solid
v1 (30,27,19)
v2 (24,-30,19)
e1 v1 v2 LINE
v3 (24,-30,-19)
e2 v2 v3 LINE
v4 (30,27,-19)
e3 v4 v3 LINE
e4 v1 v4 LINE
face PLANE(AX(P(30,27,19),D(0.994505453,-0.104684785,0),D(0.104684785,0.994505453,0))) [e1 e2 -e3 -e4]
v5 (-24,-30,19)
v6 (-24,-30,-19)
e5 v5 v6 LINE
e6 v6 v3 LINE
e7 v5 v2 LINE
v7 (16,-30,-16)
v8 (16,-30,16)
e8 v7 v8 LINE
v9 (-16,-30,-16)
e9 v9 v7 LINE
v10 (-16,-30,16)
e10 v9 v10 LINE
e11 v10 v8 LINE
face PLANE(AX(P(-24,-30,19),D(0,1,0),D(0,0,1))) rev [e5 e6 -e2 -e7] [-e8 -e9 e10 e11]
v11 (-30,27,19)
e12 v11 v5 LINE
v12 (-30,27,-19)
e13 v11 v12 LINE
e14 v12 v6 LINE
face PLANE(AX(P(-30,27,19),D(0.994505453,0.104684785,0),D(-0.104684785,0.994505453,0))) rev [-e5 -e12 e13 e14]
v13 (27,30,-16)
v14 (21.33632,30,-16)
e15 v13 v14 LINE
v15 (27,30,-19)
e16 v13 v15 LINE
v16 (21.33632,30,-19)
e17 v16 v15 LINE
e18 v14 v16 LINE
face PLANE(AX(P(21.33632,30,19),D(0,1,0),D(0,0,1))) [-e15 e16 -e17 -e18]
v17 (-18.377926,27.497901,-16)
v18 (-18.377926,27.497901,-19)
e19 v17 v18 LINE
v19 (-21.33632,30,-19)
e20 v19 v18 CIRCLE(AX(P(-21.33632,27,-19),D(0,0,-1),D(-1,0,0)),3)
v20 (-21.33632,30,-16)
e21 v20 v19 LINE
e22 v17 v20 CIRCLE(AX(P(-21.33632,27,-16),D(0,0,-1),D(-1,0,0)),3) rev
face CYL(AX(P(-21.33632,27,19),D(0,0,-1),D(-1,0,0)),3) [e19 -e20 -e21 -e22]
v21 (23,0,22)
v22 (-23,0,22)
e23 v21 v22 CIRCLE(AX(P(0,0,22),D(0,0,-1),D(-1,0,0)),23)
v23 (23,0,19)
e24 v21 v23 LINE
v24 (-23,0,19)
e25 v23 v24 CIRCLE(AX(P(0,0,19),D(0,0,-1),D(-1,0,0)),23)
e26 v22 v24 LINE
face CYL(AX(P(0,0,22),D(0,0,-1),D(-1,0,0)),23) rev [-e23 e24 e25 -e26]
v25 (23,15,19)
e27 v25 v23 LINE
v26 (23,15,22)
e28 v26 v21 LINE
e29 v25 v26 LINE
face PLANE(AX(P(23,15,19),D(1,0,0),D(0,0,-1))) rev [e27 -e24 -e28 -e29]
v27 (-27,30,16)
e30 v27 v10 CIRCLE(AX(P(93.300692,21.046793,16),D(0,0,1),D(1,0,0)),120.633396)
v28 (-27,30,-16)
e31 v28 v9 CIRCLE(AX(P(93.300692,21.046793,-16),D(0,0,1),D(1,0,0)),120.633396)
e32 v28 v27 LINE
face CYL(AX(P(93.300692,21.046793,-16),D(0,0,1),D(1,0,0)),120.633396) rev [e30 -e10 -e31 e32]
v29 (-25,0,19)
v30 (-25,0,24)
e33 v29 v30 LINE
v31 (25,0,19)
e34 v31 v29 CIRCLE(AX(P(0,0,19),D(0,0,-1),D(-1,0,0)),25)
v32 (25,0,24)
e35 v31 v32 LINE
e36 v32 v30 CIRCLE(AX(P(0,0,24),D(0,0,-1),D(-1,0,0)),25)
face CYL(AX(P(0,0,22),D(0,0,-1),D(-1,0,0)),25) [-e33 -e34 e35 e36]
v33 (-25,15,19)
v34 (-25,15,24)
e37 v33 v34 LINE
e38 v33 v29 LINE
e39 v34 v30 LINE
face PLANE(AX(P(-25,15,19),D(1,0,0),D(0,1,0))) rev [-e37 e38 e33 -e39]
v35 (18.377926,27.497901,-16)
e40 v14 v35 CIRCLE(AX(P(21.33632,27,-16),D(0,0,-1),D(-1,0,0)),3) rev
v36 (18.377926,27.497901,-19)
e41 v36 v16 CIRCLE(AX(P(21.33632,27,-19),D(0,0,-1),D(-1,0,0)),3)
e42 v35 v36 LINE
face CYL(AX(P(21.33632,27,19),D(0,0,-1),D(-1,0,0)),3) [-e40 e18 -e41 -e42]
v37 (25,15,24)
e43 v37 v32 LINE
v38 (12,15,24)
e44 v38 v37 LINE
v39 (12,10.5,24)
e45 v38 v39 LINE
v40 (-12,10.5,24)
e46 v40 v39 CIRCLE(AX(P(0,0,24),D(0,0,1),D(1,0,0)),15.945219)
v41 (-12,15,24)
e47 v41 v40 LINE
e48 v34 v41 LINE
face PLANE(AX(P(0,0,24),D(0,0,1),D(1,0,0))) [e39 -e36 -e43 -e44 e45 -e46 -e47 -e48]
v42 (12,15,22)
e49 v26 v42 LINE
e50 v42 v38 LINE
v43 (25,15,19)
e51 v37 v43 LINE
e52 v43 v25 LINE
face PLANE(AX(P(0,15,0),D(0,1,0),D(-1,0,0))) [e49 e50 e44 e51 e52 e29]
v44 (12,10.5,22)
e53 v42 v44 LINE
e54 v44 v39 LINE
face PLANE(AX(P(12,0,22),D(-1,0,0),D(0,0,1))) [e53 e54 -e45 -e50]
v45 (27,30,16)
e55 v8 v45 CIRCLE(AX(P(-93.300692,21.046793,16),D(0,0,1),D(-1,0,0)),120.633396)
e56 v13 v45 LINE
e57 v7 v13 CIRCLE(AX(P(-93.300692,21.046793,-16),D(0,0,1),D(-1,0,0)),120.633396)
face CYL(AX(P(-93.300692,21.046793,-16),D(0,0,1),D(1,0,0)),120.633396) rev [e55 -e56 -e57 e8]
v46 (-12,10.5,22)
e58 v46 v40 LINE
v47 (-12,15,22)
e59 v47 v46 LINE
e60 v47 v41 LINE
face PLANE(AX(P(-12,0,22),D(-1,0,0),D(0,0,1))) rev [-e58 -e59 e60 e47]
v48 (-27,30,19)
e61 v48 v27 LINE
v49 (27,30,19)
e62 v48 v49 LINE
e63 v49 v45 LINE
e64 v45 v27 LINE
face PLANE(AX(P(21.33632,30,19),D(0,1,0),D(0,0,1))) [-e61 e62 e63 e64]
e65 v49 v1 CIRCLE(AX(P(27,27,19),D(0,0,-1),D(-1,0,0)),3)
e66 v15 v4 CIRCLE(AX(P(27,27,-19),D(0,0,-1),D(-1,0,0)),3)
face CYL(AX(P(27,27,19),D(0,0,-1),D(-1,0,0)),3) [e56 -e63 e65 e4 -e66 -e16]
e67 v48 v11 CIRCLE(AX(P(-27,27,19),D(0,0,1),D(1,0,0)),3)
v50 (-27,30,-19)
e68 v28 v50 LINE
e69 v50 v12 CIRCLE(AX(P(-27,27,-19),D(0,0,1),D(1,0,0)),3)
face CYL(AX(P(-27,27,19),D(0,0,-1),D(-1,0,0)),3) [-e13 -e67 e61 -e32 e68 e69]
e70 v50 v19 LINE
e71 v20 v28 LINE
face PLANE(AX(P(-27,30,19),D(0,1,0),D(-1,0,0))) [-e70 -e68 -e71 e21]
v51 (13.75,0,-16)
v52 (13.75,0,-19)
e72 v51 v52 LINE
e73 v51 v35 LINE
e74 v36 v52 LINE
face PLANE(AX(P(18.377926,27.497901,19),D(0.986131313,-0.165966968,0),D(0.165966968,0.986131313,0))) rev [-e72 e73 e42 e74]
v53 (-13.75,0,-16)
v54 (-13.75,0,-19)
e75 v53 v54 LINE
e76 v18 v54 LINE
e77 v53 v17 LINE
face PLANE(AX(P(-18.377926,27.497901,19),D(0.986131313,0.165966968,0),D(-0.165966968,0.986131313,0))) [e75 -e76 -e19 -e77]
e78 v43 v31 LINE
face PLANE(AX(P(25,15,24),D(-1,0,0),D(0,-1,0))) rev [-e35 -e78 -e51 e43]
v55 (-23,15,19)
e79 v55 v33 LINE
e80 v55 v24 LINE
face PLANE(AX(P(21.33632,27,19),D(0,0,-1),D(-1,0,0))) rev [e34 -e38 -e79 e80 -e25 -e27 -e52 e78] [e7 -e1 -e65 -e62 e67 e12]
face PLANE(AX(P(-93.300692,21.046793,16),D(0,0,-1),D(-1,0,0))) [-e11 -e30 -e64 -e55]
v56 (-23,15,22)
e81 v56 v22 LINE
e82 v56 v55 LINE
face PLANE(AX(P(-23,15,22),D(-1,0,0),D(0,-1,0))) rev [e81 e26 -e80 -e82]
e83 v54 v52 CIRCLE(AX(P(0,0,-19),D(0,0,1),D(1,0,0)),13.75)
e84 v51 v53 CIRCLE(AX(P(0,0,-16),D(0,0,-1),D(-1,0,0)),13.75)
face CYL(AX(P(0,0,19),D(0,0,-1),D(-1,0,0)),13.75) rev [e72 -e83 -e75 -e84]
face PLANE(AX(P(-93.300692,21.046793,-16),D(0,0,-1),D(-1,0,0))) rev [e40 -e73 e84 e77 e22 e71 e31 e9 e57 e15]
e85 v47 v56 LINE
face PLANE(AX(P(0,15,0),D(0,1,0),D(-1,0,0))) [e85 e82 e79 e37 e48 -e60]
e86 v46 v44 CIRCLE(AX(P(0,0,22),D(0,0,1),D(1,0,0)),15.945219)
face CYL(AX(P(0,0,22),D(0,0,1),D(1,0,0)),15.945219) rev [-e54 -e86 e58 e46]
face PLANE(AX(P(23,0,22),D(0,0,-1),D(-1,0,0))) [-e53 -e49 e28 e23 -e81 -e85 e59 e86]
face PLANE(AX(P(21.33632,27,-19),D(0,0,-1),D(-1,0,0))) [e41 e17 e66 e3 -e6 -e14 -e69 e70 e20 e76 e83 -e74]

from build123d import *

# Parameters (mm, degrees)
SALIENTE_EXTRUIR5_DEPTH  = 19
CORTAR_EXTRUIR8_DEPTH    = 16
SALIENTE_EXTRUIR8_DEPTH  = 3
REVOLUCI_N7_ANGLE        = 180
SALIENTE_EXTRUIR10_DEPTH = 15
CORTAR_EXTRUIR7_START    = 22
CORTAR_EXTRUIR7_DEPTH    = 2


with BuildPart() as part:
    # Croquis1 → Saliente-Extruir5 (new body, symmetric)
    with BuildSketch(Plane.XY):
        with BuildLine():
            Line((-27, 30), (-21.336320434, 30))
            ThreePointArc((-21.336320434, 30), (-19.399015955, 29.290600654), (-18.377926496, 27.497900903))
            Line((-18.377926496, 27.497900903), (-13.75, 0))
            ThreePointArc((-13.75, 0), (0, -13.75), (13.75, 0))
            Line((13.75, 0), (18.377926496, 27.497900903))
            ThreePointArc((18.377926496, 27.497900903), (19.399015955, 29.290600654), (21.336320434, 30))
            Line((21.336320434, 30), (27, 30))
            ThreePointArc((27, 30), (29.121320344, 29.121320344), (30, 27))
            Line((30, 27), (24, -30))
            Line((24, -30), (-24, -30))
            Line((-24, -30), (-30, 27))
            ThreePointArc((-30, 27), (-29.121320344, 29.121320344), (-27, 30))
        make_face()
    extrude(amount=SALIENTE_EXTRUIR5_DEPTH, both=True)

    # Croquis22 → Cortar-Extruir8 (cut, symmetric)
    with BuildSketch(Plane.XY):
        with BuildLine():
            Line((16, -30), (-16, -30))
            ThreePointArc((-16, -30), (-25.355108055, -0.70676981), (-27, 30))
            Line((-27, 30), (-18, 30))
            Line((-18, 30), (-13.75, 0))
            ThreePointArc((-13.75, 0), (0, -13.75), (13.75, 0))
            Line((13.75, 0), (18, 30))
            Line((18, 30), (27, 30))
            ThreePointArc((27, 30), (25.355108055, -0.70676981), (16, -30))
        make_face()
    extrude(amount=CORTAR_EXTRUIR8_DEPTH, both=True, mode=Mode.SUBTRACT)

    # Croquis8 → Saliente-Extruir8 (add)
    with BuildSketch(Plane.XY.offset(19)):
        Polygon((-21.336320434, 30), (21.336320434, 30), (21.336320434, -14), (0, -13.75), (-21.336320434, -14), align=None)
    extrude(amount=-SALIENTE_EXTRUIR8_DEPTH)

    # Croquis16 → Revolución7 (revolve)
    with BuildSketch(Plane(origin=(0, 0, 0), x_dir=(1, 0, 0), z_dir=(0, 1, 0))):
        Polygon((0, -22), (0, -24), (-25, -24), (-25, -19), (-23, -19), (-23, -22), align=None)
    revolve(axis=Axis((0, 0, 22), (0, 0, 1)), revolution_arc=REVOLUCI_N7_ANGLE)

    # Croquis18 → Saliente-Extruir10 (add)
    with BuildSketch(Plane(origin=(0, 0, 0), x_dir=(1, 0, 0), z_dir=(0, 1, 0))):
        Polygon((-25, -24), (25, -24), (25, -19), (23, -19), (23, -22), (-23, -22), (-23, -19), (-25, -19), align=None)
    extrude(amount=SALIENTE_EXTRUIR10_DEPTH)

    # Croquis19 → Cortar-Extruir7 (cut)
    with BuildSketch(Plane.XY.offset(CORTAR_EXTRUIR7_START)):
        with BuildLine():
            Line((-12, 10.5), (-12, 15))
            Line((-12, 15), (12, 15))
            Line((12, 15), (12, 10.5))
            ThreePointArc((12, 10.5), (0, -15.945218719), (-12, 10.5))
        make_face()
    extrude(amount=CORTAR_EXTRUIR7_DEPTH, mode=Mode.SUBTRACT)


solid = part.part
